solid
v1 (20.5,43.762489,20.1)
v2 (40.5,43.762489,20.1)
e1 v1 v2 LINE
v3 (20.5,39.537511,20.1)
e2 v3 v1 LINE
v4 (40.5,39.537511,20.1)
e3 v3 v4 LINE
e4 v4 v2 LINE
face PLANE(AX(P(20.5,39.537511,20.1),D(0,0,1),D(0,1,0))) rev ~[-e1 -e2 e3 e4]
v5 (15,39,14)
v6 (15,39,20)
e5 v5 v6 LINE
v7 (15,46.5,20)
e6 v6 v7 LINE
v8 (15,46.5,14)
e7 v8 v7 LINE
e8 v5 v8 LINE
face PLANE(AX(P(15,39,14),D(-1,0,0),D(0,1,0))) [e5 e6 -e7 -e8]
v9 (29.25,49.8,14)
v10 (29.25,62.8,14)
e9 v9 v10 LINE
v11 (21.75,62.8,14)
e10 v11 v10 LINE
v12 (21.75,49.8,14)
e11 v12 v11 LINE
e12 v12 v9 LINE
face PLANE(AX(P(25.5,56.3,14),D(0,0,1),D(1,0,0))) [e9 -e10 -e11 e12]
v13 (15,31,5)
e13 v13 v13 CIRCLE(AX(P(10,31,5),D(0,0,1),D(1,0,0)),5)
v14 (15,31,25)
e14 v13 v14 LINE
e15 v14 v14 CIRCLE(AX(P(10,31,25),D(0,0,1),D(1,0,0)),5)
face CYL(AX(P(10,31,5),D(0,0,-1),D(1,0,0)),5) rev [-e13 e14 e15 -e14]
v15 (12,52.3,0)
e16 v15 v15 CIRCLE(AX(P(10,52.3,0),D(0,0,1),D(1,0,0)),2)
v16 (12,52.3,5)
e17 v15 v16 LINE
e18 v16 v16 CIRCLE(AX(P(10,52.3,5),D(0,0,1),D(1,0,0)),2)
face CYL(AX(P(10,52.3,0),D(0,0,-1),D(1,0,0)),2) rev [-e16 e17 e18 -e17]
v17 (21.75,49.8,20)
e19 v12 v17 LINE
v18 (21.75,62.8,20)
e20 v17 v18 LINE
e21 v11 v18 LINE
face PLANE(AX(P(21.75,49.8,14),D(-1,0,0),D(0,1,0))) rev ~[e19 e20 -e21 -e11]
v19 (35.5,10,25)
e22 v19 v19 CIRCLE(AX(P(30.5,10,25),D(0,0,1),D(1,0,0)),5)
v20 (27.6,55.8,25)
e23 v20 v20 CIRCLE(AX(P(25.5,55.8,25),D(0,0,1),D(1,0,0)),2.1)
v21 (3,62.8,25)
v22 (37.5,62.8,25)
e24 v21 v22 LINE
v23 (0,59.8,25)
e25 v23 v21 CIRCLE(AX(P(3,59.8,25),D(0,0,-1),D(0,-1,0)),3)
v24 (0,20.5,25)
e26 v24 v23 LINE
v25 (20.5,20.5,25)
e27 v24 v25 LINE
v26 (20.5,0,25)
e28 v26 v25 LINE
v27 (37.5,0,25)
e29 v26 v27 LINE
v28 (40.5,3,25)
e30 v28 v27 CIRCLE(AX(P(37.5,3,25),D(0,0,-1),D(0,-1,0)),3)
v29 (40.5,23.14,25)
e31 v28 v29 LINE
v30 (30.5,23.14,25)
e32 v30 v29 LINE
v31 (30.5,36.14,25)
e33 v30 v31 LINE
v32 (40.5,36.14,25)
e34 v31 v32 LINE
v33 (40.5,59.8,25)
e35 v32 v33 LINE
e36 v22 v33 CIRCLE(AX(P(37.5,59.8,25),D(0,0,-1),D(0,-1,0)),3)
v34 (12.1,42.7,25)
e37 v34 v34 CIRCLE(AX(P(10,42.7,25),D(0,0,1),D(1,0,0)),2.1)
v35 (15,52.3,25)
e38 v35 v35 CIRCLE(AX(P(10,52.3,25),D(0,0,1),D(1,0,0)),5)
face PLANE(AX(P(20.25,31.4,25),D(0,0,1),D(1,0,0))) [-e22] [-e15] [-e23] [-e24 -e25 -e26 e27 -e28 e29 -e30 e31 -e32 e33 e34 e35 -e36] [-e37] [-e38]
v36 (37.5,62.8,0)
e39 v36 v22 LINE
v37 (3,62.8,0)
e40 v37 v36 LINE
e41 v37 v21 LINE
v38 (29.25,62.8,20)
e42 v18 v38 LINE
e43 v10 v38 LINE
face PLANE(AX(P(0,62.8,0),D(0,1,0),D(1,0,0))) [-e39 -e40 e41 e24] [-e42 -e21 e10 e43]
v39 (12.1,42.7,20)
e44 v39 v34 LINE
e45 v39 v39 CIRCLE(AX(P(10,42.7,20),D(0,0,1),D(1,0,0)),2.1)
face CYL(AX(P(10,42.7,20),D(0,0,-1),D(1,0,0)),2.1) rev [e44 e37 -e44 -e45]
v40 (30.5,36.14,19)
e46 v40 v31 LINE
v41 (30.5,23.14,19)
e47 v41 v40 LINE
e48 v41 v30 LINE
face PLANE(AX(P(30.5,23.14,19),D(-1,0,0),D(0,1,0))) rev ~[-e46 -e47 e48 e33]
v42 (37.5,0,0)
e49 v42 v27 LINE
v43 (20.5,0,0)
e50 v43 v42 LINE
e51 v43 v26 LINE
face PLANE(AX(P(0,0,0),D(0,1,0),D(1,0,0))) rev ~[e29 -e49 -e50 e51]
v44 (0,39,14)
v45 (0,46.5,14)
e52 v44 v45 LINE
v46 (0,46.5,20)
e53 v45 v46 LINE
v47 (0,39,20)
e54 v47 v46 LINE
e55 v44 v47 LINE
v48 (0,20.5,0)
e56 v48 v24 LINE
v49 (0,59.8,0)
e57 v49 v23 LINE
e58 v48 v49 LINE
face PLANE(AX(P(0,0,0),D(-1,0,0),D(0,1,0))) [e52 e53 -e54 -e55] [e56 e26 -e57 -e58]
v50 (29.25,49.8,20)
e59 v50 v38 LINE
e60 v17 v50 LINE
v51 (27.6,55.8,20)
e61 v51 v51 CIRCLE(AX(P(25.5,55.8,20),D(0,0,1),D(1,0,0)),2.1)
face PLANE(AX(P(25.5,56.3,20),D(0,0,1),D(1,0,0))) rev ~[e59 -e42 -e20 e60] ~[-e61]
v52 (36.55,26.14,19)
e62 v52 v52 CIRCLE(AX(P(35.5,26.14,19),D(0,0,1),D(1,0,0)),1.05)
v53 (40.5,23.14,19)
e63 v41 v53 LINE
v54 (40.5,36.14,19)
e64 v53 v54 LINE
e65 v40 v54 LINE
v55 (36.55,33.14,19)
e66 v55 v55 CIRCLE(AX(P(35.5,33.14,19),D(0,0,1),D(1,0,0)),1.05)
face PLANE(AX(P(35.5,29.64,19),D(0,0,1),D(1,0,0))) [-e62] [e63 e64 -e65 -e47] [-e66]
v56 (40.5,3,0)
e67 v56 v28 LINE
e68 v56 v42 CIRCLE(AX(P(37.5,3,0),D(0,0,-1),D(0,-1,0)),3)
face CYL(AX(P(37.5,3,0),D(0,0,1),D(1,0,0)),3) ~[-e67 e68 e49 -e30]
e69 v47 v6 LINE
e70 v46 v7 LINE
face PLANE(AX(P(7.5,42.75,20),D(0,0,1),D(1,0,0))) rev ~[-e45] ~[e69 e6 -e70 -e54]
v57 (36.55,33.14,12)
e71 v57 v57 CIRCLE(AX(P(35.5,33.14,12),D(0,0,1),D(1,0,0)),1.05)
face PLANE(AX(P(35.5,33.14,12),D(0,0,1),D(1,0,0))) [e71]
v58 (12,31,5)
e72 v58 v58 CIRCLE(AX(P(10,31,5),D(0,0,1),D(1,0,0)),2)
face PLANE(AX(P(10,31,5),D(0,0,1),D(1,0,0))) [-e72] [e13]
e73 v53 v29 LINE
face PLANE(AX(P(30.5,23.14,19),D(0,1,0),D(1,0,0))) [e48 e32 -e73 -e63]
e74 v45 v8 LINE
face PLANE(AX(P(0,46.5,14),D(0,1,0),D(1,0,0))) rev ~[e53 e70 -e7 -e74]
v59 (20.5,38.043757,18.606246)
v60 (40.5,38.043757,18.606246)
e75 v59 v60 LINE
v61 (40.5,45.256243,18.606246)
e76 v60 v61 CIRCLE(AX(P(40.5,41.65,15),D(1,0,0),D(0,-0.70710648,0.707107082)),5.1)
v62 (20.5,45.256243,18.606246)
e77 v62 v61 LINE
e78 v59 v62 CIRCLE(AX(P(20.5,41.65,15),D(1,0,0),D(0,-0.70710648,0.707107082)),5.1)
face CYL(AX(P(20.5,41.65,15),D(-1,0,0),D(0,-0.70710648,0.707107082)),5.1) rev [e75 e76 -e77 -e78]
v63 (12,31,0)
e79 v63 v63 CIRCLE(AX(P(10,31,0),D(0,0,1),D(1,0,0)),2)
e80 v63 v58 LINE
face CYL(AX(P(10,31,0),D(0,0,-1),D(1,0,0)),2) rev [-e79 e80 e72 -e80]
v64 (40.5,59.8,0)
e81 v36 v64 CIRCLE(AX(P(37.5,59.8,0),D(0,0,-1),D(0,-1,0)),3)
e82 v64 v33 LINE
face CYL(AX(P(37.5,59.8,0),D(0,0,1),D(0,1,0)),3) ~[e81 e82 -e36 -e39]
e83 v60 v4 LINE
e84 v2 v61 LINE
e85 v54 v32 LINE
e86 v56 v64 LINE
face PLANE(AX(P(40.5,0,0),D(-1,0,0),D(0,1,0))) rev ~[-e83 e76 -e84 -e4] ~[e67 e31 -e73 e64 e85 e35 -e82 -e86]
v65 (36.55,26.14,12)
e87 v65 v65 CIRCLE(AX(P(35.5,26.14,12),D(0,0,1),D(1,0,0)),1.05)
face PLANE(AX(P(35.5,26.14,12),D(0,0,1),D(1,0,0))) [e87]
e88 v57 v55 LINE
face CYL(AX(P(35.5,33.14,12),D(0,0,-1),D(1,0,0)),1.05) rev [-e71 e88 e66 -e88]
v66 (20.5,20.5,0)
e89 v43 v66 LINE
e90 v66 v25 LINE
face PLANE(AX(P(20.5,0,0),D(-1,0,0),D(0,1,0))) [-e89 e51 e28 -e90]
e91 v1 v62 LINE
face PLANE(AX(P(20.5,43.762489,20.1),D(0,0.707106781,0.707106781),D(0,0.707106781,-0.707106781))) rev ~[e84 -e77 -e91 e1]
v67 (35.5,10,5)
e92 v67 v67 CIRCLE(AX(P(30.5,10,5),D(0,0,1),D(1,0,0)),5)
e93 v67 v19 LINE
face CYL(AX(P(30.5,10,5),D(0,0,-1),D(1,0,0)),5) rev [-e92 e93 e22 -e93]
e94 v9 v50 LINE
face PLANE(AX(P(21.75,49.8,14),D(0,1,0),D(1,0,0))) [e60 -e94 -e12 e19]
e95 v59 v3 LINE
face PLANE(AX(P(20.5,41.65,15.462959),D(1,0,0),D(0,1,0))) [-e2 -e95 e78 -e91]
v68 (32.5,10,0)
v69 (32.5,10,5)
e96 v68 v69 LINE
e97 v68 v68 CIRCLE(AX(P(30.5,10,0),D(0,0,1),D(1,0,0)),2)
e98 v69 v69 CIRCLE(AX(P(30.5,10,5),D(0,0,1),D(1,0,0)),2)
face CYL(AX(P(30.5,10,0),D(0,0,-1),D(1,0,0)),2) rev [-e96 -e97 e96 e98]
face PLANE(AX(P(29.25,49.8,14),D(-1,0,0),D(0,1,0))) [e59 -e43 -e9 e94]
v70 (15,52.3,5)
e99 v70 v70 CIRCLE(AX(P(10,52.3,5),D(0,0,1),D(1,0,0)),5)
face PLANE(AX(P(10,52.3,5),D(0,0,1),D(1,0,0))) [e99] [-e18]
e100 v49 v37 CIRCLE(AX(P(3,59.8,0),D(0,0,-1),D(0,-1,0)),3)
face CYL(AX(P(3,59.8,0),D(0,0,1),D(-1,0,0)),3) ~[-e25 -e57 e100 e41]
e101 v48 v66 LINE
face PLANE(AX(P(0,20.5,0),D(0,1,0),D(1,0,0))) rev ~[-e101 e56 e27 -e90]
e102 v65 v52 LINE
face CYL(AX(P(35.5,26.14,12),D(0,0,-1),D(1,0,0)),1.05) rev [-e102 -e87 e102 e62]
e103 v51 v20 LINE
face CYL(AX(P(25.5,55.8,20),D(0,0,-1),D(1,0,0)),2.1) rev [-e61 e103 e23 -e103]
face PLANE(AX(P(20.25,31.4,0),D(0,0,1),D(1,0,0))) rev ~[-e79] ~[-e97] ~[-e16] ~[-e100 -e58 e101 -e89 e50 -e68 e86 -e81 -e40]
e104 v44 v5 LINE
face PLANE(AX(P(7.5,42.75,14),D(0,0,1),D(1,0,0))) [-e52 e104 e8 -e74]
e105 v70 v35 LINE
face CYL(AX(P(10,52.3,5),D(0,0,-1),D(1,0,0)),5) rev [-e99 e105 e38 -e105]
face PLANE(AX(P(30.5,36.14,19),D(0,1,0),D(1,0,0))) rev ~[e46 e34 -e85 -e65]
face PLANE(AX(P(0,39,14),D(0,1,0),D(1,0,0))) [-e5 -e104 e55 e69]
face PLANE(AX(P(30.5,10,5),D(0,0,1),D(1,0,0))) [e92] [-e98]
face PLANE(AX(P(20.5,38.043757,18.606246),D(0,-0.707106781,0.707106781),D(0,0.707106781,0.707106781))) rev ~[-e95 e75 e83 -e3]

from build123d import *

# Parameters (mm, degrees)
EXTRUDE_DEPTH     = 20
BOX003_W          = 15
BOX003_H          = 7.5
BOX003_DEPTH      = 6
CYLINDER003_R     = 2.1
CYLINDER003_DEPTH = 5
CYLINDER002_R     = 1.05
CYLINDER002_DEPTH = 7
BOX002_W          = 10
BOX002_H          = 13
BOX002_DEPTH      = 6
CYLINDER001_R     = 2
CYLINDER001_DEPTH = 5
CYLINDER_R        = 5
CYLINDER_DEPTH    = 20
BOX001_W          = 20.5
BOX001_H          = 20.5
BOX001_DEPTH      = 25
BOX004_W          = 7.5
BOX004_H          = 13
BOX004_DEPTH      = 6
BOX_W             = 40.5
BOX_H             = 62.8
BOX_DEPTH         = 25
FILLET_R          = 3


with BuildPart() as m10_repraphole_extrud:
    # Sketch → Extrude (new body)
    with BuildSketch(Plane.YZ):
        with BuildLine():
            ThreePointArc((-3.606243, 3.606246), (0, -5.1), (3.606243, 3.606246))
            Line((2.112489, 5.1), (3.606243, 3.606246))
            Line((-2.112489, 5.1), (2.112489, 5.1))
            Line((-3.606243, 3.606246), (-2.112489, 5.1))
        make_face()
    extrude(amount=EXTRUDE_DEPTH)


with BuildPart() as m10_repraphole_extrud_1:
    # Extrude placement: moved
    add(m10_repraphole_extrud.part.moved(Location((20.5, 41.65, 15))))


with BuildPart() as hueco_taladro4:
    # Box003 → Box003 (new body)
    with BuildSketch(Plane(origin=(0, 39, 14), x_dir=(1, 0, 0), z_dir=(0, 0, 1))):
        with Locations((7.5, 3.75)):
            Rectangle(BOX003_W, BOX003_H)
    extrude(amount=BOX003_DEPTH)


with BuildPart() as taladro4:
    # Cylinder003 → Cylinder003 (new body)
    with BuildSketch(Plane(origin=(10, 42.7, 20), x_dir=(1, 0, 0), z_dir=(0, 0, 1))):
        Circle(CYLINDER003_R)
    extrude(amount=CYLINDER003_DEPTH)


with BuildPart() as clone005:
    # Clone005 base: copy of taladro4
    add(taladro4.part)


with BuildPart() as clone005_1:
    # Clone005 placement: moved
    add(clone005.part.moved(Location((15.5, 13.1, 0))))


with BuildPart() as taladro_endstop:
    # Cylinder002 → Cylinder002 (new body)
    with BuildSketch(Plane(origin=(35.5, 26.14, 12), x_dir=(1, 0, 0), z_dir=(0, 0, 1))):
        Circle(CYLINDER002_R)
    extrude(amount=CYLINDER002_DEPTH)


with BuildPart() as clone004:
    # Clone004 base: copy of taladro_endstop
    add(taladro_endstop.part)


with BuildPart() as clone004_1:
    # Clone004 placement: moved
    add(clone004.part.moved(Location((0, 7, 0))))


with BuildPart() as hueco_endstop:
    # Box002 → Box002 (new body)
    with BuildSketch(Plane(origin=(30.5, 23.14, 19), x_dir=(1, 0, 0), z_dir=(0, 0, 1))):
        with Locations((5, 6.5)):
            Rectangle(BOX002_W, BOX002_H)
    extrude(amount=BOX002_DEPTH)


with BuildPart() as taladro5:
    # Cylinder001 → Cylinder001 (new body)
    with BuildSketch(Plane(origin=(30.5, 10, 0), x_dir=(1, 0, 0), z_dir=(0, 0, 1))):
        Circle(CYLINDER001_R)
    extrude(amount=CYLINDER001_DEPTH)


with BuildPart() as clone002:
    # Clone002 base: copy of taladro5
    add(taladro5.part)


with BuildPart() as clone002_1:
    # Clone002 placement: moved
    add(clone002.part.moved(Location((-20.5, 21, 0))))


with BuildPart() as clone003:
    # Clone003 base: copy of Clone002
    add(clone002_1.part)


with BuildPart() as clone003_1:
    # Clone003 placement: moved
    add(clone003.part.moved(Location((0, 21.3, 0))))


with BuildPart() as taladro10:
    # Cylinder → Cylinder (new body)
    with BuildSketch(Plane(origin=(30.5, 10, 5), x_dir=(1, 0, 0), z_dir=(0, 0, 1))):
        Circle(CYLINDER_R)
    extrude(amount=CYLINDER_DEPTH)


with BuildPart() as clone:
    # Clone base: copy of taladro10
    add(taladro10.part)


with BuildPart() as clone_1:
    # Clone placement: moved
    add(clone.part.moved(Location((-20.5, 21, 0))))


with BuildPart() as clone001:
    # Clone001 base: copy of Clone
    add(clone_1.part)


with BuildPart() as clone001_1:
    # Clone001 placement: moved
    add(clone001.part.moved(Location((0, 21.3, 0))))


with BuildPart() as hueco_ejez:
    # Box001 → Box001 (new body)
    with BuildSketch(Plane.XY):
        with Locations((10.25, 10.25)):
            Rectangle(BOX001_W, BOX001_H)
    extrude(amount=BOX001_DEPTH)


with BuildPart() as huecos:
    # Box004 → Box004 (new body)
    with BuildSketch(Plane(origin=(21.75, 49.8, 14), x_dir=(1, 0, 0), z_dir=(0, 0, 1))):
        with Locations((3.75, 6.5)):
            Rectangle(BOX004_W, BOX004_H)
    extrude(amount=BOX004_DEPTH)

    # Fusion: union hueco_taladro4, Clone005, taladro4, Clone004, taladro_endstop, hueco_endstop, Clone003, Clone002, taladro5, Clone001, Clone, taladro10, hueco_ejez
    add(hueco_taladro4.part)
    add(clone005_1.part)
    add(taladro4.part)
    add(clone004_1.part)
    add(taladro_endstop.part)
    add(hueco_endstop.part)
    add(clone003_1.part)
    add(clone002_1.part)
    add(taladro5.part)
    add(clone001_1.part)
    add(clone_1.part)
    add(taladro10.part)
    add(hueco_ejez.part)


with BuildPart() as yidler_right_fileteado:
    # Box → Box (new body)
    with BuildSketch(Plane.XY):
        with Locations((20.25, 31.4)):
            Rectangle(BOX_W, BOX_H)
    extrude(amount=BOX_DEPTH)

    # Cut: cut huecos
    add(huecos.part, mode=Mode.SUBTRACT)

    # Cut001: cut M10_repraphole_extrud
    add(m10_repraphole_extrud_1.part, mode=Mode.SUBTRACT)

    # Fillet
    fillet_edges = [yidler_right_fileteado.edges().sort_by_distance(p)[0] for p in [
        (0, 62.8, 12.5),
        (40.5, 62.8, 12.5),
        (40.5, 0, 12.5),
    ]]
    fillet(fillet_edges, radius=FILLET_R)


solid = yidler_right_fileteado.part
